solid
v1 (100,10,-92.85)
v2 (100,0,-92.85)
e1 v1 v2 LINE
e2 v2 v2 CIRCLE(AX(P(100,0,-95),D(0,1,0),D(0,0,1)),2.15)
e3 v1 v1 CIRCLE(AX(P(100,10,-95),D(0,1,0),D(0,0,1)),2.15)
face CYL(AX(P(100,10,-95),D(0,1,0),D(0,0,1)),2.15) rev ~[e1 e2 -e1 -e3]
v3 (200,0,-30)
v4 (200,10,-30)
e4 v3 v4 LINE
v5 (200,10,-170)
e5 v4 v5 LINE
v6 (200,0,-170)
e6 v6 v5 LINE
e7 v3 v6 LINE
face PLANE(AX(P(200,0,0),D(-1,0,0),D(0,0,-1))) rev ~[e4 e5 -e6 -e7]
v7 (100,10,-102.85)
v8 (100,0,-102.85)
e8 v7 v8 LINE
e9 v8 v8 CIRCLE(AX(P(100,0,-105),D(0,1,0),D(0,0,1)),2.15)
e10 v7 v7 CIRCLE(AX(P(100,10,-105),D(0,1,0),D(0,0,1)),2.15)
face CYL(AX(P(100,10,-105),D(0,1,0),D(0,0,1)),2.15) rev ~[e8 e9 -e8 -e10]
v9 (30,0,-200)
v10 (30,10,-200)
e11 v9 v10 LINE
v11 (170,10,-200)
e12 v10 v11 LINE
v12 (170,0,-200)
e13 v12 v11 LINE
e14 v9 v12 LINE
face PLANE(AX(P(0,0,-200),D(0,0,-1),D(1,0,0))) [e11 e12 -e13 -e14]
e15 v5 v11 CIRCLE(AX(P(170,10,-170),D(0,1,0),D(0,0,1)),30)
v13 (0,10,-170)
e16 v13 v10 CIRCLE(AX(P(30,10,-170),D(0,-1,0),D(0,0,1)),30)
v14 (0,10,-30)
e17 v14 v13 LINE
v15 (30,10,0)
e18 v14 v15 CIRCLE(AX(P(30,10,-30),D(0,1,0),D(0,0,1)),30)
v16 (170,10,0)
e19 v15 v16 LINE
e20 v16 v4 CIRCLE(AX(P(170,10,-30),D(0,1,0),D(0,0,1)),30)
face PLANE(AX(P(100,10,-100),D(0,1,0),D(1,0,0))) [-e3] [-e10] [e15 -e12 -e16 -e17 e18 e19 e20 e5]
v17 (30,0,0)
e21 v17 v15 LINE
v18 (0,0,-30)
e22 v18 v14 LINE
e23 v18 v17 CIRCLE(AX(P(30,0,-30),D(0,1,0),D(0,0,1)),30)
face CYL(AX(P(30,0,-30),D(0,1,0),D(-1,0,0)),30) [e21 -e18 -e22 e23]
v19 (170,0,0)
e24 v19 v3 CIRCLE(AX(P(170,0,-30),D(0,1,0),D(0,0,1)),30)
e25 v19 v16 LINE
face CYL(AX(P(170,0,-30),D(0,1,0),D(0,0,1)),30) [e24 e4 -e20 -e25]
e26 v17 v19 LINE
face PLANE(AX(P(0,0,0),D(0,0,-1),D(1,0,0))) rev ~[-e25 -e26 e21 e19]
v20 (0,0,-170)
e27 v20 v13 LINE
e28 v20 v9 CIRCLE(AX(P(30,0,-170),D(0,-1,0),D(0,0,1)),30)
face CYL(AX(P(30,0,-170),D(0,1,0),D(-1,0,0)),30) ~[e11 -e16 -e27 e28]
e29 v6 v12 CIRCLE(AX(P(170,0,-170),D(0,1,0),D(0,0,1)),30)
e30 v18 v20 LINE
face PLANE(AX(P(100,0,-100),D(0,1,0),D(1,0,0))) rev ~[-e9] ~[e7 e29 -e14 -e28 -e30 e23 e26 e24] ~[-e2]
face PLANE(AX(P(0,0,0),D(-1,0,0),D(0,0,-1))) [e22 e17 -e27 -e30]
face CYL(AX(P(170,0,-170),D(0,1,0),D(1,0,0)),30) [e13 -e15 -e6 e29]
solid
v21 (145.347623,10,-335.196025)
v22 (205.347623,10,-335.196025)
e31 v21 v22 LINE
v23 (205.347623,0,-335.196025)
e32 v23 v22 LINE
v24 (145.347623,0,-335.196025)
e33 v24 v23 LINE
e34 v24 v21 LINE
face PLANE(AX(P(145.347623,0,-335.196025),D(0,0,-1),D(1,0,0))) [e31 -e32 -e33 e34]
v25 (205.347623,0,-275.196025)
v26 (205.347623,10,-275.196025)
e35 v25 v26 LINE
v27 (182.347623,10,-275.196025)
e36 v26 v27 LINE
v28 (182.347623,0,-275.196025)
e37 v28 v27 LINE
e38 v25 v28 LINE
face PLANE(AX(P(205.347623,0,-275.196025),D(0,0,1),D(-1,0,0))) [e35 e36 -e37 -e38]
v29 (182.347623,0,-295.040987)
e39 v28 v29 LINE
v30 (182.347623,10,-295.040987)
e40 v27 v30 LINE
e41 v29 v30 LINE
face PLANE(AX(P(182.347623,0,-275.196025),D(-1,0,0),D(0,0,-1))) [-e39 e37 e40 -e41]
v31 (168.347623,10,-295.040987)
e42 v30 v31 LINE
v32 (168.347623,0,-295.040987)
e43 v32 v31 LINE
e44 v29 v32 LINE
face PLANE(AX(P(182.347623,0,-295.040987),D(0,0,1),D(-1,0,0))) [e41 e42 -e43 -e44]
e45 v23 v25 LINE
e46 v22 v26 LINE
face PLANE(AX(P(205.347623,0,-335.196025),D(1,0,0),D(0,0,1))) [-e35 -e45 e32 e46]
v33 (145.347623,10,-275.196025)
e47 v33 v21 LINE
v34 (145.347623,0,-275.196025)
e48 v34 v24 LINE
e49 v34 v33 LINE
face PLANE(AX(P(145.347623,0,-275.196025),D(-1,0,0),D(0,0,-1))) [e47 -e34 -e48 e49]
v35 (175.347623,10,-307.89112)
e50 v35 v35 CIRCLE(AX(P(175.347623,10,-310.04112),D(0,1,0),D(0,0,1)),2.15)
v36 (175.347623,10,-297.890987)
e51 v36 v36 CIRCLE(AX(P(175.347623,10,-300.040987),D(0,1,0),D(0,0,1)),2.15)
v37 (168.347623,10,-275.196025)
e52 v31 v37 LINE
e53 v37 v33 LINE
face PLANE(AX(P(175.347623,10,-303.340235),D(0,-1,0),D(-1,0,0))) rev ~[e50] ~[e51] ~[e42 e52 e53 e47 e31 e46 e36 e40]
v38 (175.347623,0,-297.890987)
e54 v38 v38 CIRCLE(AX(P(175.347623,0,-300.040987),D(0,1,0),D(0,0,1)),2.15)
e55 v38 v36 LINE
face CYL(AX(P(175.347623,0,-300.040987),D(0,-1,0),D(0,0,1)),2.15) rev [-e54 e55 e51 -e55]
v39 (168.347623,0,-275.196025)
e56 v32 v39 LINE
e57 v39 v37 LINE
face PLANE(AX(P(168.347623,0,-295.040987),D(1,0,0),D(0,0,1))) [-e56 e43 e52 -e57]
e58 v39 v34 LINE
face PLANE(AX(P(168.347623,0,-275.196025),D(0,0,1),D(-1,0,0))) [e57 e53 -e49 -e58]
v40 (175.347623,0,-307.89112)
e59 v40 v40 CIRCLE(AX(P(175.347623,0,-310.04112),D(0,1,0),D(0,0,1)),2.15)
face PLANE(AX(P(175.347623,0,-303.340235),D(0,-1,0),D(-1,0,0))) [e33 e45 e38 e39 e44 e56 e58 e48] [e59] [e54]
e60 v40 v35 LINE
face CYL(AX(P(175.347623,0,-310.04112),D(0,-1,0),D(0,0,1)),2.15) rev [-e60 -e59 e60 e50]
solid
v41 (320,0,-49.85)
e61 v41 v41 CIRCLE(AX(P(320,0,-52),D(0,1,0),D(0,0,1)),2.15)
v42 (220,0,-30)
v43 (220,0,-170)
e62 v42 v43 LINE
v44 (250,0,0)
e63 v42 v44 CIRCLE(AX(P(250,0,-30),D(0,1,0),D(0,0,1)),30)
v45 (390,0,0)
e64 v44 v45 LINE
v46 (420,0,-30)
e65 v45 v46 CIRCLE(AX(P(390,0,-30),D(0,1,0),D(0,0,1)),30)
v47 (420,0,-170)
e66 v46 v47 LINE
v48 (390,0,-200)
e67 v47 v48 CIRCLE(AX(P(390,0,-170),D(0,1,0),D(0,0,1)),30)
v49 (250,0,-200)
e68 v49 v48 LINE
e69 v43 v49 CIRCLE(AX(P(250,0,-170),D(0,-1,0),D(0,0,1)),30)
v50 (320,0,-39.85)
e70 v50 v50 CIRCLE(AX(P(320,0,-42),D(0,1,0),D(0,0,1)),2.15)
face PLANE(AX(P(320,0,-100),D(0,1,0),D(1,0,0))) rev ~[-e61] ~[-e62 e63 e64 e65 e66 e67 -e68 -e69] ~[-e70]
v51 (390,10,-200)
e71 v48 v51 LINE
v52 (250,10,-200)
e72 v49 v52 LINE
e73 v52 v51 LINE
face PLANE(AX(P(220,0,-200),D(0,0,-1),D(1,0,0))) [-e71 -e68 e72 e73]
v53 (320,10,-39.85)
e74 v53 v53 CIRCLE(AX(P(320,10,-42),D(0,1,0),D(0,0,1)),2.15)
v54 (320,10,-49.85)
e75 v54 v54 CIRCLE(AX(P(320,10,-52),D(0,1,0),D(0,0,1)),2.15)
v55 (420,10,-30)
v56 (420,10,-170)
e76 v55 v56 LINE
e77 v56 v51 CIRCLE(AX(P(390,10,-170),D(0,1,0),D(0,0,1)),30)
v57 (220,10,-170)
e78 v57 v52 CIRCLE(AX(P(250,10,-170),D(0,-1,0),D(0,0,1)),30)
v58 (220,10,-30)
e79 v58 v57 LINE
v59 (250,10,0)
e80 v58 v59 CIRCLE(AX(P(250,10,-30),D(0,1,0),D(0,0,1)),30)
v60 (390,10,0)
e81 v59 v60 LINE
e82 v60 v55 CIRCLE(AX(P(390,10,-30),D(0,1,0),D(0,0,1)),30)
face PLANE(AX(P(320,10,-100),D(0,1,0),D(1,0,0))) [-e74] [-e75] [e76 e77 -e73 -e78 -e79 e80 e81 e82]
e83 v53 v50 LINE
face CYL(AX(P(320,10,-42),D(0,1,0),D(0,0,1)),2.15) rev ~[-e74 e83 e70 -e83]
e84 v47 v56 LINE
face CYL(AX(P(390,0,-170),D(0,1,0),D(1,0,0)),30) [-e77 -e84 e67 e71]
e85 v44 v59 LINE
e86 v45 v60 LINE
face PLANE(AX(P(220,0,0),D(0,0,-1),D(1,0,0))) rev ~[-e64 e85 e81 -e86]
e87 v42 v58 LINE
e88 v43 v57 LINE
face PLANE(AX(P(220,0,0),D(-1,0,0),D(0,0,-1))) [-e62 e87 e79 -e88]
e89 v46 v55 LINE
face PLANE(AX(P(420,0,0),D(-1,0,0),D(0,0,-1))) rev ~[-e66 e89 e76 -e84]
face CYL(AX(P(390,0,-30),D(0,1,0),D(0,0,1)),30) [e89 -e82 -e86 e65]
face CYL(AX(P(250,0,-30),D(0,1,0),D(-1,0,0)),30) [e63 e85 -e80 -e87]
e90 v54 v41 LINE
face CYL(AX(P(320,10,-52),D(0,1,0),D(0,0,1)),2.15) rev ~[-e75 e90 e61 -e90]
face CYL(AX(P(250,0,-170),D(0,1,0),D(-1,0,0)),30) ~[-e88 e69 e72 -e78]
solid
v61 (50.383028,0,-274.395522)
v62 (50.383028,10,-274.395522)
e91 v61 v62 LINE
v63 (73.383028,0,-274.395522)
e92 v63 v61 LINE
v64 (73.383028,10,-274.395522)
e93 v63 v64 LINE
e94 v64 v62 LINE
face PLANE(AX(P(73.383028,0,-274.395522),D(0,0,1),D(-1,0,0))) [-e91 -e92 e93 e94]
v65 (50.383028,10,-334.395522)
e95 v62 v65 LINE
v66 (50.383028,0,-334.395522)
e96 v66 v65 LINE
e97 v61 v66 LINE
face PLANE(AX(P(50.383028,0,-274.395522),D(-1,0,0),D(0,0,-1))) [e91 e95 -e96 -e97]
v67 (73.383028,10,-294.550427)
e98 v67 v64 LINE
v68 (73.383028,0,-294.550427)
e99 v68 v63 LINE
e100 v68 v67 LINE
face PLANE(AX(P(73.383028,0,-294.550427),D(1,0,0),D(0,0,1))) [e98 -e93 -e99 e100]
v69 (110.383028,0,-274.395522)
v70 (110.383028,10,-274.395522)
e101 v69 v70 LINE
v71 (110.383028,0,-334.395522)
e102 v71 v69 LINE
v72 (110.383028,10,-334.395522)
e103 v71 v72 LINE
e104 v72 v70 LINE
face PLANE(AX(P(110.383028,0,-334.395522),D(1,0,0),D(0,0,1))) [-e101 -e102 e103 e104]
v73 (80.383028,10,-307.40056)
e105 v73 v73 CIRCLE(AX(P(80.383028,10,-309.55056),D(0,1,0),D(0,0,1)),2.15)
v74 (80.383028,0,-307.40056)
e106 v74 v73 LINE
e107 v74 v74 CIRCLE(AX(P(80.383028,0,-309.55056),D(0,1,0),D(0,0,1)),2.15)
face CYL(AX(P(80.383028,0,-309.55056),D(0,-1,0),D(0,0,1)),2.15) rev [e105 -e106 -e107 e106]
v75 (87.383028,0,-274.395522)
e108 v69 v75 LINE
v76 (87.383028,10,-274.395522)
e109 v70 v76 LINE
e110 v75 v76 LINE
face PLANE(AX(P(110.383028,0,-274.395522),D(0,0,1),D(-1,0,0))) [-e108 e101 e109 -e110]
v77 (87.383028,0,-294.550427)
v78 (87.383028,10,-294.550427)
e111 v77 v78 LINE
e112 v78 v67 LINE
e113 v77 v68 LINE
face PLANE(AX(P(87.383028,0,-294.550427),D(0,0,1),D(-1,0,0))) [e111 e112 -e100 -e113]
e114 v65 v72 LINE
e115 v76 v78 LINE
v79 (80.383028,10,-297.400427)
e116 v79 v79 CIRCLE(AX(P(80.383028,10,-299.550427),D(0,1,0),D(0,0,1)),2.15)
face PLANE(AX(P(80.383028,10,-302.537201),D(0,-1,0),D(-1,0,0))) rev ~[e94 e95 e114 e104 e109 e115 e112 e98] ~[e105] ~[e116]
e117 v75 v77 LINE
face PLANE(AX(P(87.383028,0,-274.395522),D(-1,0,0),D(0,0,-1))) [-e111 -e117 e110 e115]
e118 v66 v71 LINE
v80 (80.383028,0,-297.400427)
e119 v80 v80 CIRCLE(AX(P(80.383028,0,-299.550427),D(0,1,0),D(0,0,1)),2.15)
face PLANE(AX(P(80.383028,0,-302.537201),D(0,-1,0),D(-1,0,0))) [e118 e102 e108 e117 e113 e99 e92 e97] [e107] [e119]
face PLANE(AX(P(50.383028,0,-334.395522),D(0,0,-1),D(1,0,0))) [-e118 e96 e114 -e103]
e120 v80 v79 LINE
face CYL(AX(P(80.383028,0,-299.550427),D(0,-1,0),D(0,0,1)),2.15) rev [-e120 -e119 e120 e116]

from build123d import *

# Parameters (mm, degrees)
SKETCH1_W             = 200
SKETCH1_H             = 200
BOSS_EXTRUDE1_DEPTH   = 10
BOSS_EXTRUDE1_2_DEPTH = 10
FILLET1_R             = 30
FILLET2_R             = 30
SKETCH2_R             = 2.15
CUT_EXTRUDE1_DEPTH    = 15
SKETCH3_R             = 2.15
CUT_EXTRUDE2_DEPTH    = 15
SKETCH4_R             = 2.15
BOSS_EXTRUDE2_DEPTH   = 10
BOSS_EXTRUDE2_2_DEPTH = 10


with BuildPart() as part:
    # Sketch1 → Boss-Extrude1 (new body)
    with BuildSketch(Plane(origin=(0, 0, 0), x_dir=(1, 0, 0), z_dir=(0, 1, 0))):
        with Locations((100, 100)):
            Rectangle(SKETCH1_W, SKETCH1_H)
    extrude(amount=BOSS_EXTRUDE1_DEPTH)

    # Fillet1
    fillet1_edges = [part.edges().sort_by_distance(p)[0] for p in [
        (0, 5, -200),
        (200, 5, -200),
        (200, 5, 0),
        (0, 5, 0),
    ]]
    fillet(fillet1_edges, radius=FILLET1_R)

    # Sketch2 → Cut-Extrude1 (cut)
    with BuildSketch(Plane(origin=(0, 10, 0), x_dir=(1, 0, 0), z_dir=(0, 1, 0))):
        with Locations(Location((100, 105, 0), (0, 0, 270))):
            Circle(SKETCH2_R)
        with Locations(Location((100, 95, 0), (0, 0, 270))):
            Circle(SKETCH2_R)
    extrude(amount=-CUT_EXTRUDE1_DEPTH, mode=Mode.SUBTRACT)


with BuildPart() as body_2:
    # Sketch1 → Boss-Extrude1 2 (new body)
    with BuildSketch(Plane(origin=(0, 0, 0), x_dir=(1, 0, 0), z_dir=(0, 1, 0))):
        with Locations((320, 100)):
            Rectangle(SKETCH1_W, SKETCH1_H)
    extrude(amount=BOSS_EXTRUDE1_2_DEPTH)

    # Fillet2
    fillet2_edges = [body_2.edges().sort_by_distance(p)[0] for p in [
        (220, 5, -200),
        (420, 5, -200),
        (420, 5, 0),
        (220, 5, 0),
    ]]
    fillet(fillet2_edges, radius=FILLET2_R)

    # Sketch3 → Cut-Extrude2 (cut)
    with BuildSketch(Plane(origin=(0, 10, 0), x_dir=(1, 0, 0), z_dir=(0, 1, 0))):
        with Locations(Location((320, 52, 0), (0, 0, 270))):
            Circle(SKETCH3_R)
        with Locations(Location((320, 42, 0), (0, 0, 270))):
            Circle(SKETCH3_R)
    extrude(amount=-CUT_EXTRUDE2_DEPTH, mode=Mode.SUBTRACT)


with BuildPart() as body_3:
    # Sketch4 → Boss-Extrude2 (new body)
    with BuildSketch(Plane(origin=(0, 0, 0), x_dir=(1, 0, 0), z_dir=(0, 1, 0))):
        Polygon((50.383027517, 334.395521825), (110.383027517, 334.395521825), (110.383027517, 274.395521825), (87.383027517, 274.395521825), (87.383027517, 294.550426589), (73.383027517, 294.550426589), (73.383027517, 274.395521825), (50.383027517, 274.395521825), align=None)
        with Locations(Location((80.383027517, 309.550560012, 0), (0, 0, 270))):
            Circle(SKETCH4_R, mode=Mode.SUBTRACT)
        with Locations(Location((80.383027517, 299.550426589, 0), (0, 0, 270))):
            Circle(SKETCH4_R, mode=Mode.SUBTRACT)
    extrude(amount=BOSS_EXTRUDE2_DEPTH)


with BuildPart() as body_4:
    # Sketch4 → Boss-Extrude2 2 (new body)
    with BuildSketch(Plane(origin=(0, 0, 0), x_dir=(1, 0, 0), z_dir=(0, 1, 0))):
        Polygon((145.347622786, 335.196024893), (205.347622786, 335.196024893), (205.347622786, 275.196024893), (182.347622786, 275.196024893), (182.347622786, 295.040986706), (168.347622786, 295.040986706), (168.347622786, 275.196024893), (145.347622786, 275.196024893), align=None)
        with Locations(Location((175.347622786, 310.041120128, 0), (0, 0, 270))):
            Circle(SKETCH4_R, mode=Mode.SUBTRACT)
        with Locations(Location((175.347622786, 300.040986706, 0), (0, 0, 270))):
            Circle(SKETCH4_R, mode=Mode.SUBTRACT)
    extrude(amount=BOSS_EXTRUDE2_2_DEPTH)


solid = Compound([part.part, body_2.part, body_3.part, body_4.part])
